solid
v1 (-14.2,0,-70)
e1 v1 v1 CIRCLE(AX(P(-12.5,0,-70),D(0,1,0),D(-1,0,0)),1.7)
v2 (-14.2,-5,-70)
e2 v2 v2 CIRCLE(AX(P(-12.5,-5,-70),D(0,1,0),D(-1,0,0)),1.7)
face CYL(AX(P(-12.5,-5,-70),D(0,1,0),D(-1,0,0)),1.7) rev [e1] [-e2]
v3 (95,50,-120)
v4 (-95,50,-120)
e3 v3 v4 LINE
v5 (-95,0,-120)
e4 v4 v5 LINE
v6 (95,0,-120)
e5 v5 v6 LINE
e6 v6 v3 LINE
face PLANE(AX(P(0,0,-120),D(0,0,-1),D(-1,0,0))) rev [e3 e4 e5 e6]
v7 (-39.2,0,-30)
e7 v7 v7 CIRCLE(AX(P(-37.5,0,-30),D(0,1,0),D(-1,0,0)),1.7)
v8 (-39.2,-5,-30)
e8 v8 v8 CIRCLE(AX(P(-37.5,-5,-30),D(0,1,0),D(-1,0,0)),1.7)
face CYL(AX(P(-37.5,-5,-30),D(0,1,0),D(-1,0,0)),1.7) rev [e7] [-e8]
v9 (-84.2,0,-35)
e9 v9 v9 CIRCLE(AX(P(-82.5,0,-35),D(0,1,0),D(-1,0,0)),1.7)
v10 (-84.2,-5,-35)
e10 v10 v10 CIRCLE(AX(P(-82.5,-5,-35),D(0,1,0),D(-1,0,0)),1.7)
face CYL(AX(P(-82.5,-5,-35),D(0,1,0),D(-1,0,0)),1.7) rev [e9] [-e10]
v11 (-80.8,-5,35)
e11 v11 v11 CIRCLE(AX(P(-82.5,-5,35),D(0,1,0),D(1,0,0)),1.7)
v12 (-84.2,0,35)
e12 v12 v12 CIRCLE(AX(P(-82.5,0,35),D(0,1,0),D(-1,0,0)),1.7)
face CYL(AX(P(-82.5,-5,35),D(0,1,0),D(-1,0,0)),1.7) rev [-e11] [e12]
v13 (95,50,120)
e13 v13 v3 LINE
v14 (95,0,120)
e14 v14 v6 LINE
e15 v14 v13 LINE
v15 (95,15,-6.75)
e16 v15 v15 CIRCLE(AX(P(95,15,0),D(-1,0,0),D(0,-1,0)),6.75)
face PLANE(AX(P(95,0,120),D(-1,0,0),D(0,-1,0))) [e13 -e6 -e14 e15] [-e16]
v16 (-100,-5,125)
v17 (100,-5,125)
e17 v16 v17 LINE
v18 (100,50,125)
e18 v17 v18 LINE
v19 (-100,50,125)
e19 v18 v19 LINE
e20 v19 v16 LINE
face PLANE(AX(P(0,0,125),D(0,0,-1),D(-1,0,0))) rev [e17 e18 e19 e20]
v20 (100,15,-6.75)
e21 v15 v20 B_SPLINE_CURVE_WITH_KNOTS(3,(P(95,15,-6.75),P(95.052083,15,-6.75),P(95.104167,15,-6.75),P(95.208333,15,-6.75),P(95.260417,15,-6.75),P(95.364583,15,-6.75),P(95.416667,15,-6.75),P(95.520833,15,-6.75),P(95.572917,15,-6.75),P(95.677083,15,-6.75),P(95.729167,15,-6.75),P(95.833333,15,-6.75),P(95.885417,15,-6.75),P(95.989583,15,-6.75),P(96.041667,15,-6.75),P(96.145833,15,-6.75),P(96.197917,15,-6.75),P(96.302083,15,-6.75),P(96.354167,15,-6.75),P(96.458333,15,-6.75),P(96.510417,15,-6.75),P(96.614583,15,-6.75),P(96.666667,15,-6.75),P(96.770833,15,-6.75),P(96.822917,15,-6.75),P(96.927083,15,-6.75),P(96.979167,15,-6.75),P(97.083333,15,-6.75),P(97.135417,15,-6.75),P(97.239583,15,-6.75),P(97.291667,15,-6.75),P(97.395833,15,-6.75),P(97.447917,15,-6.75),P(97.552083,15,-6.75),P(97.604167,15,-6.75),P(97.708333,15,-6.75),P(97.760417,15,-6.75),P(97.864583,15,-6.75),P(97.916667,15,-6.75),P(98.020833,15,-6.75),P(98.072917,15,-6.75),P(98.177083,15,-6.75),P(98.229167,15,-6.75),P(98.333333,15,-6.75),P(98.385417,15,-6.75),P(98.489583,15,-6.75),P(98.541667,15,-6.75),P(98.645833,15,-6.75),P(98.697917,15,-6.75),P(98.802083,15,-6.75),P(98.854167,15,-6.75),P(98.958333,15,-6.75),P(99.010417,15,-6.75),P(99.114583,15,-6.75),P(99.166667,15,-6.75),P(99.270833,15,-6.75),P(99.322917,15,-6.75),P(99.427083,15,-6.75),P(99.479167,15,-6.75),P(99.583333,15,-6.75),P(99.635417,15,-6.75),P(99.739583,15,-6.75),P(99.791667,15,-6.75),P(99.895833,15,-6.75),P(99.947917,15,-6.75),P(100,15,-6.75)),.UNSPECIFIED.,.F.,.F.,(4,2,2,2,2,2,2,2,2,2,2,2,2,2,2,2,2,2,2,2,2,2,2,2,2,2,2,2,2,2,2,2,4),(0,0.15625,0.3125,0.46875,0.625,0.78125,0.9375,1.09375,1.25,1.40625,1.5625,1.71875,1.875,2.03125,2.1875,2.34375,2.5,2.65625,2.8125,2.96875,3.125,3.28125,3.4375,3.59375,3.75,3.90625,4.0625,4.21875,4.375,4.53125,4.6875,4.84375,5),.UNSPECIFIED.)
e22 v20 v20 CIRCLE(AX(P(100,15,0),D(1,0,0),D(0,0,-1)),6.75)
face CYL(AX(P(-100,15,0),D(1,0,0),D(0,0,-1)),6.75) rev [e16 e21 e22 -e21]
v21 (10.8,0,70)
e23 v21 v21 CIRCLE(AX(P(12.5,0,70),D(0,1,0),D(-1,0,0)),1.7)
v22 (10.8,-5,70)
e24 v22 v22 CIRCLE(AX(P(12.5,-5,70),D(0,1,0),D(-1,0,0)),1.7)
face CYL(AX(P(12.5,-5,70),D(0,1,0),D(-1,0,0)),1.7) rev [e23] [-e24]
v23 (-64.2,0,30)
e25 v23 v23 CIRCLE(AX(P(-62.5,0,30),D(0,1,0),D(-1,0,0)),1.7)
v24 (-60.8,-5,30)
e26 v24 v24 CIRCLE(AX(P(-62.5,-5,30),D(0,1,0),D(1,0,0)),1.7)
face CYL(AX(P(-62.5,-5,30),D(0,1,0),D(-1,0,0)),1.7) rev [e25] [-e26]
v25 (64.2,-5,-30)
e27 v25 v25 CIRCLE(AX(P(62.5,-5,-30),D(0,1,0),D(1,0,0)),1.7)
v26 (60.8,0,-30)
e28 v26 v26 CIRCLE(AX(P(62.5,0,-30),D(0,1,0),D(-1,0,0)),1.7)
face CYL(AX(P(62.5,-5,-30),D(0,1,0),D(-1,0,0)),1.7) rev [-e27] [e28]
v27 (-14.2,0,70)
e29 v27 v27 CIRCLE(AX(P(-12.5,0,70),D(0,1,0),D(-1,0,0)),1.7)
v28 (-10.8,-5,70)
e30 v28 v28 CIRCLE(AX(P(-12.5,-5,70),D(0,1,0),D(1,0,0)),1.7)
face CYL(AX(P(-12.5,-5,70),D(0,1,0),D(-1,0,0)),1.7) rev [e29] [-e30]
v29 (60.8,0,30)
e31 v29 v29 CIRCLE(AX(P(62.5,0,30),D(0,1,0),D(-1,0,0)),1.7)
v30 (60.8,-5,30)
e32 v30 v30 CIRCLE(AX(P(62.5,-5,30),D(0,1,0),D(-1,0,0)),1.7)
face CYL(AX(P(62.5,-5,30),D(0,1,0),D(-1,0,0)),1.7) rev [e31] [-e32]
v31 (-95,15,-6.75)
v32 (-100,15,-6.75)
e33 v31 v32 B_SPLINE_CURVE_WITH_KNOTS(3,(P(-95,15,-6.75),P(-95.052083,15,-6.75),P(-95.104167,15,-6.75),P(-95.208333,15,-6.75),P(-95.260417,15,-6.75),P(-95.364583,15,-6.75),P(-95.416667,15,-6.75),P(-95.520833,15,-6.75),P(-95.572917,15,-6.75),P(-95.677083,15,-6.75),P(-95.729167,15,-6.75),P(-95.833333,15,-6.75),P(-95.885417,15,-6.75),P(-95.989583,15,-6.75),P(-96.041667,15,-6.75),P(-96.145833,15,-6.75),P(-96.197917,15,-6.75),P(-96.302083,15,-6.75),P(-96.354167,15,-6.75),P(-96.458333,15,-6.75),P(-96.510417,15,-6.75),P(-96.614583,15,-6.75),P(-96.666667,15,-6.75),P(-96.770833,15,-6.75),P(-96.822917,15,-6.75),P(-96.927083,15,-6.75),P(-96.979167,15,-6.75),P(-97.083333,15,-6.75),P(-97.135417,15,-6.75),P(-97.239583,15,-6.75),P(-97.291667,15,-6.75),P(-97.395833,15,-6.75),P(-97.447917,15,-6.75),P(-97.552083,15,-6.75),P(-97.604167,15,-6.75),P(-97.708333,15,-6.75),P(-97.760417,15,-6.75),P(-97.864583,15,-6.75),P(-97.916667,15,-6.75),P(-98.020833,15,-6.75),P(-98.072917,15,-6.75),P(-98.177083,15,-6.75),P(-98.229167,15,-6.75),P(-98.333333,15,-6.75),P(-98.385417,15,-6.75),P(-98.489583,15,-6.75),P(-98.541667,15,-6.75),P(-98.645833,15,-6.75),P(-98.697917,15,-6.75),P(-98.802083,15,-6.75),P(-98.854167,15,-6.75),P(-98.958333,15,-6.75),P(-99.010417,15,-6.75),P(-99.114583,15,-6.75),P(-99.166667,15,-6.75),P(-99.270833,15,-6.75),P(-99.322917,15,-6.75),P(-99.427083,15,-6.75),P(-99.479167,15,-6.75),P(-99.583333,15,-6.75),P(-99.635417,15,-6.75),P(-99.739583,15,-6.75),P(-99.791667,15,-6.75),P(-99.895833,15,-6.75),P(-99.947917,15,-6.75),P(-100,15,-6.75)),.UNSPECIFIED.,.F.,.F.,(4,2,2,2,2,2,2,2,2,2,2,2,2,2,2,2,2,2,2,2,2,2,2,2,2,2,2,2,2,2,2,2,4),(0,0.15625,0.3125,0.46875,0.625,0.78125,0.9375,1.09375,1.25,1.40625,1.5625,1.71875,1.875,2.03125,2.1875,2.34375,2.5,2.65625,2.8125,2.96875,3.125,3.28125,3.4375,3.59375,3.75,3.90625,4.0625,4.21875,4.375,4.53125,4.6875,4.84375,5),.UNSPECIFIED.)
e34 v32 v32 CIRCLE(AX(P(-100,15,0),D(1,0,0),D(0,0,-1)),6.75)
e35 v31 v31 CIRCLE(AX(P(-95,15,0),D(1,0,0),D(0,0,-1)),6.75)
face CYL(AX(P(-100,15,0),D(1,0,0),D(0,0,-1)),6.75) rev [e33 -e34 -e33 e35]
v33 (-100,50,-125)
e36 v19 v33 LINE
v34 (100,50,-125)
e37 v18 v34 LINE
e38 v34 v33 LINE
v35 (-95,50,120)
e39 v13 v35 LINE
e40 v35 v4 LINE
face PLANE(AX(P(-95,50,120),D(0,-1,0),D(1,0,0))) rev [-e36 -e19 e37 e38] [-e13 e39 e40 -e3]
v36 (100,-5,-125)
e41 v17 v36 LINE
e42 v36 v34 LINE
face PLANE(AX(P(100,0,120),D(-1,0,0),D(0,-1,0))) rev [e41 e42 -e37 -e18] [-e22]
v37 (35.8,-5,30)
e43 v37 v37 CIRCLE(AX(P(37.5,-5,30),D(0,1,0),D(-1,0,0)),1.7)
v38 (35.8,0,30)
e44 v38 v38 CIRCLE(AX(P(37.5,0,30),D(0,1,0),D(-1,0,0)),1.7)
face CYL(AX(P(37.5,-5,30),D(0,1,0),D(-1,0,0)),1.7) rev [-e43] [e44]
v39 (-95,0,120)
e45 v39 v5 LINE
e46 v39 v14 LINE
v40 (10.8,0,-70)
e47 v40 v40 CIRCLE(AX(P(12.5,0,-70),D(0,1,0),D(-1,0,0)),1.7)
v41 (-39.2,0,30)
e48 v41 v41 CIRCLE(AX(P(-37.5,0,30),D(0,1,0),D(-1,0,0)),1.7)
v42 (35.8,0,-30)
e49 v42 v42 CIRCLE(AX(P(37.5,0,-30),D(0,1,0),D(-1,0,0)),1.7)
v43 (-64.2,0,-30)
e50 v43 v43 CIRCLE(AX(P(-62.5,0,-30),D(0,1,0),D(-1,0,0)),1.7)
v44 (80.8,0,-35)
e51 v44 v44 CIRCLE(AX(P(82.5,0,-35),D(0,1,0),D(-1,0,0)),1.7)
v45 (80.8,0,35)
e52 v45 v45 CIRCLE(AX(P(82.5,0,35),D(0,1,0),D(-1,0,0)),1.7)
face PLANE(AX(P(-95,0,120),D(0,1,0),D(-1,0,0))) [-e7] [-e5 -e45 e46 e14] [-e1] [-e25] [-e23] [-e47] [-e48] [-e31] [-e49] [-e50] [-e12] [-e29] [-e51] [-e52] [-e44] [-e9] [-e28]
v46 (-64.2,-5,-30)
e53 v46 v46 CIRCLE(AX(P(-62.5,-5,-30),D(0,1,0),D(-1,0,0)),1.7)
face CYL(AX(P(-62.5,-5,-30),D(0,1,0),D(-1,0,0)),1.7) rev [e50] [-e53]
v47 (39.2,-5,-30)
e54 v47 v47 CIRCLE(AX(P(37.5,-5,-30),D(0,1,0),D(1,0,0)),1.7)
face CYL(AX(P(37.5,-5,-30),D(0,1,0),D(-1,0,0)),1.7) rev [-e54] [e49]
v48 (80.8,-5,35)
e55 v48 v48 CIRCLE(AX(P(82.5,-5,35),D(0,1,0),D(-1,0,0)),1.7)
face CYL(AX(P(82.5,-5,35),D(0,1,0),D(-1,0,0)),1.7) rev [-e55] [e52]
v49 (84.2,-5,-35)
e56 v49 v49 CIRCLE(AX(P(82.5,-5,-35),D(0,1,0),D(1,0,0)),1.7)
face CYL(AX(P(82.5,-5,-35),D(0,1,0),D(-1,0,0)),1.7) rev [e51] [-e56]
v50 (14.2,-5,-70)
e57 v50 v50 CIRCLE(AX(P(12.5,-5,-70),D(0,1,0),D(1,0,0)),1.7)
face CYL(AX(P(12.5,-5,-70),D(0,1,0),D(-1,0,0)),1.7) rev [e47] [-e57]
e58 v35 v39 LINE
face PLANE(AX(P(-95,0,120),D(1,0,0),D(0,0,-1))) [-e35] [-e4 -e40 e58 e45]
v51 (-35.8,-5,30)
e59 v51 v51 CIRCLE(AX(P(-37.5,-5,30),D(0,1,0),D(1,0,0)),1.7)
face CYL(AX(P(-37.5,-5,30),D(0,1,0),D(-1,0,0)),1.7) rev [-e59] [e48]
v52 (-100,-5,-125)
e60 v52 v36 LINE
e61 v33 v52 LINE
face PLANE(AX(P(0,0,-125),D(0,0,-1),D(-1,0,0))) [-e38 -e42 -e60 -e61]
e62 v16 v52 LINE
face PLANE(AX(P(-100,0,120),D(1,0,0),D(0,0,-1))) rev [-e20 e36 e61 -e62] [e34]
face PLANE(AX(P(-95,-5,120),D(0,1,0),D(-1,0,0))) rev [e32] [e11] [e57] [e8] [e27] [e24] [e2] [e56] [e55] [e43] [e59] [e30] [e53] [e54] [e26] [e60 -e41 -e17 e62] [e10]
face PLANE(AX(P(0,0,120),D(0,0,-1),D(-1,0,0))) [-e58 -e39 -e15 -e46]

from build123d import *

# Parameters (mm, degrees)
SKETCH1_W               = 190
SKETCH1_H               = 50
BOSS_EXTRUDE1_DEPTH     = 120
SHELL1_T                = 5
SKETCH2_R               = 1.7
CUT_EXTRUDE1_DEPTH      = 168.705098312
CUT_EXTRUDE1_DEPTH_BACK = 168.705098312
SKETCH3_R               = 6.75
CUT_EXTRUDE2_DEPTH      = 168.705098312
CUT_EXTRUDE2_DEPTH_BACK = 168.705098312


with BuildPart() as part:
    # Sketch1 → Boss-Extrude1 (new, symmetric)
    with BuildSketch(Plane.XY):
        with Locations((0, 25)):
            Rectangle(SKETCH1_W, SKETCH1_H)
    extrude(amount=BOSS_EXTRUDE1_DEPTH, both=True)

    # Shell1
    shell1_openings = [part.faces().sort_by_distance(p)[0] for p in [
        (0, 50, 0),
    ]]
    offset(amount=SHELL1_T, openings=shell1_openings, kind=Kind.INTERSECTION)

    # Sketch2 → Cut-Extrude1 (cut, two sides)
    with BuildSketch(Plane(origin=(0, 0, 0), x_dir=(1, 0, 0), z_dir=(0, 1, 0))) as cut_extrude1_sk:
        with Locations(Location((-12.5, 70, 0), (0, 0, 180))):
            Circle(SKETCH2_R)
        with Locations(Location((-37.5, 30, 0), (0, 0, 180))):
            Circle(SKETCH2_R)
        with Locations(Location((-62.5, 30, 0), (0, 0, 180))):
            Circle(SKETCH2_R)
        with Locations(Location((-82.5, 35, 0), (0, 0, 180))):
            Circle(SKETCH2_R)
        with Locations(Location((82.5, 35, 0), (0, 0, 180))):
            Circle(SKETCH2_R)
        with Locations(Location((62.5, 30, 0), (0, 0, 180))):
            Circle(SKETCH2_R)
        with Locations(Location((37.5, 30, 0), (0, 0, 180))):
            Circle(SKETCH2_R)
        with Locations(Location((12.5, 70, 0), (0, 0, 180))):
            Circle(SKETCH2_R)
        with Locations(Location((12.5, -70, 0), (0, 0, 180))):
            Circle(SKETCH2_R)
        with Locations(Location((37.5, -30, 0), (0, 0, 180))):
            Circle(SKETCH2_R)
        with Locations(Location((62.5, -30, 0), (0, 0, 180))):
            Circle(SKETCH2_R)
        with Locations(Location((82.5, -35, 0), (0, 0, 180))):
            Circle(SKETCH2_R)
        with Locations(Location((-82.5, -35, 0), (0, 0, 180))):
            Circle(SKETCH2_R)
        with Locations(Location((-62.5, -30, 0), (0, 0, 180))):
            Circle(SKETCH2_R)
        with Locations(Location((-37.5, -30, 0), (0, 0, 180))):
            Circle(SKETCH2_R)
        with Locations(Location((-12.5, -70, 0), (0, 0, 180))):
            Circle(SKETCH2_R)
    extrude(amount=CUT_EXTRUDE1_DEPTH, mode=Mode.SUBTRACT)
    extrude(cut_extrude1_sk.sketch, amount=-CUT_EXTRUDE1_DEPTH_BACK, mode=Mode.SUBTRACT)

    # Sketch3 → Cut-Extrude2 (cut, two sides)
    with BuildSketch(Plane(origin=(0, 0, 0), x_dir=(0, 0, -1), z_dir=(1, 0, 0))) as cut_extrude2_sk:
        with Locations((0, 15)):
            Circle(SKETCH3_R)
    extrude(amount=CUT_EXTRUDE2_DEPTH, mode=Mode.SUBTRACT)
    extrude(cut_extrude2_sk.sketch, amount=-CUT_EXTRUDE2_DEPTH_BACK, mode=Mode.SUBTRACT)


solid = part.part
